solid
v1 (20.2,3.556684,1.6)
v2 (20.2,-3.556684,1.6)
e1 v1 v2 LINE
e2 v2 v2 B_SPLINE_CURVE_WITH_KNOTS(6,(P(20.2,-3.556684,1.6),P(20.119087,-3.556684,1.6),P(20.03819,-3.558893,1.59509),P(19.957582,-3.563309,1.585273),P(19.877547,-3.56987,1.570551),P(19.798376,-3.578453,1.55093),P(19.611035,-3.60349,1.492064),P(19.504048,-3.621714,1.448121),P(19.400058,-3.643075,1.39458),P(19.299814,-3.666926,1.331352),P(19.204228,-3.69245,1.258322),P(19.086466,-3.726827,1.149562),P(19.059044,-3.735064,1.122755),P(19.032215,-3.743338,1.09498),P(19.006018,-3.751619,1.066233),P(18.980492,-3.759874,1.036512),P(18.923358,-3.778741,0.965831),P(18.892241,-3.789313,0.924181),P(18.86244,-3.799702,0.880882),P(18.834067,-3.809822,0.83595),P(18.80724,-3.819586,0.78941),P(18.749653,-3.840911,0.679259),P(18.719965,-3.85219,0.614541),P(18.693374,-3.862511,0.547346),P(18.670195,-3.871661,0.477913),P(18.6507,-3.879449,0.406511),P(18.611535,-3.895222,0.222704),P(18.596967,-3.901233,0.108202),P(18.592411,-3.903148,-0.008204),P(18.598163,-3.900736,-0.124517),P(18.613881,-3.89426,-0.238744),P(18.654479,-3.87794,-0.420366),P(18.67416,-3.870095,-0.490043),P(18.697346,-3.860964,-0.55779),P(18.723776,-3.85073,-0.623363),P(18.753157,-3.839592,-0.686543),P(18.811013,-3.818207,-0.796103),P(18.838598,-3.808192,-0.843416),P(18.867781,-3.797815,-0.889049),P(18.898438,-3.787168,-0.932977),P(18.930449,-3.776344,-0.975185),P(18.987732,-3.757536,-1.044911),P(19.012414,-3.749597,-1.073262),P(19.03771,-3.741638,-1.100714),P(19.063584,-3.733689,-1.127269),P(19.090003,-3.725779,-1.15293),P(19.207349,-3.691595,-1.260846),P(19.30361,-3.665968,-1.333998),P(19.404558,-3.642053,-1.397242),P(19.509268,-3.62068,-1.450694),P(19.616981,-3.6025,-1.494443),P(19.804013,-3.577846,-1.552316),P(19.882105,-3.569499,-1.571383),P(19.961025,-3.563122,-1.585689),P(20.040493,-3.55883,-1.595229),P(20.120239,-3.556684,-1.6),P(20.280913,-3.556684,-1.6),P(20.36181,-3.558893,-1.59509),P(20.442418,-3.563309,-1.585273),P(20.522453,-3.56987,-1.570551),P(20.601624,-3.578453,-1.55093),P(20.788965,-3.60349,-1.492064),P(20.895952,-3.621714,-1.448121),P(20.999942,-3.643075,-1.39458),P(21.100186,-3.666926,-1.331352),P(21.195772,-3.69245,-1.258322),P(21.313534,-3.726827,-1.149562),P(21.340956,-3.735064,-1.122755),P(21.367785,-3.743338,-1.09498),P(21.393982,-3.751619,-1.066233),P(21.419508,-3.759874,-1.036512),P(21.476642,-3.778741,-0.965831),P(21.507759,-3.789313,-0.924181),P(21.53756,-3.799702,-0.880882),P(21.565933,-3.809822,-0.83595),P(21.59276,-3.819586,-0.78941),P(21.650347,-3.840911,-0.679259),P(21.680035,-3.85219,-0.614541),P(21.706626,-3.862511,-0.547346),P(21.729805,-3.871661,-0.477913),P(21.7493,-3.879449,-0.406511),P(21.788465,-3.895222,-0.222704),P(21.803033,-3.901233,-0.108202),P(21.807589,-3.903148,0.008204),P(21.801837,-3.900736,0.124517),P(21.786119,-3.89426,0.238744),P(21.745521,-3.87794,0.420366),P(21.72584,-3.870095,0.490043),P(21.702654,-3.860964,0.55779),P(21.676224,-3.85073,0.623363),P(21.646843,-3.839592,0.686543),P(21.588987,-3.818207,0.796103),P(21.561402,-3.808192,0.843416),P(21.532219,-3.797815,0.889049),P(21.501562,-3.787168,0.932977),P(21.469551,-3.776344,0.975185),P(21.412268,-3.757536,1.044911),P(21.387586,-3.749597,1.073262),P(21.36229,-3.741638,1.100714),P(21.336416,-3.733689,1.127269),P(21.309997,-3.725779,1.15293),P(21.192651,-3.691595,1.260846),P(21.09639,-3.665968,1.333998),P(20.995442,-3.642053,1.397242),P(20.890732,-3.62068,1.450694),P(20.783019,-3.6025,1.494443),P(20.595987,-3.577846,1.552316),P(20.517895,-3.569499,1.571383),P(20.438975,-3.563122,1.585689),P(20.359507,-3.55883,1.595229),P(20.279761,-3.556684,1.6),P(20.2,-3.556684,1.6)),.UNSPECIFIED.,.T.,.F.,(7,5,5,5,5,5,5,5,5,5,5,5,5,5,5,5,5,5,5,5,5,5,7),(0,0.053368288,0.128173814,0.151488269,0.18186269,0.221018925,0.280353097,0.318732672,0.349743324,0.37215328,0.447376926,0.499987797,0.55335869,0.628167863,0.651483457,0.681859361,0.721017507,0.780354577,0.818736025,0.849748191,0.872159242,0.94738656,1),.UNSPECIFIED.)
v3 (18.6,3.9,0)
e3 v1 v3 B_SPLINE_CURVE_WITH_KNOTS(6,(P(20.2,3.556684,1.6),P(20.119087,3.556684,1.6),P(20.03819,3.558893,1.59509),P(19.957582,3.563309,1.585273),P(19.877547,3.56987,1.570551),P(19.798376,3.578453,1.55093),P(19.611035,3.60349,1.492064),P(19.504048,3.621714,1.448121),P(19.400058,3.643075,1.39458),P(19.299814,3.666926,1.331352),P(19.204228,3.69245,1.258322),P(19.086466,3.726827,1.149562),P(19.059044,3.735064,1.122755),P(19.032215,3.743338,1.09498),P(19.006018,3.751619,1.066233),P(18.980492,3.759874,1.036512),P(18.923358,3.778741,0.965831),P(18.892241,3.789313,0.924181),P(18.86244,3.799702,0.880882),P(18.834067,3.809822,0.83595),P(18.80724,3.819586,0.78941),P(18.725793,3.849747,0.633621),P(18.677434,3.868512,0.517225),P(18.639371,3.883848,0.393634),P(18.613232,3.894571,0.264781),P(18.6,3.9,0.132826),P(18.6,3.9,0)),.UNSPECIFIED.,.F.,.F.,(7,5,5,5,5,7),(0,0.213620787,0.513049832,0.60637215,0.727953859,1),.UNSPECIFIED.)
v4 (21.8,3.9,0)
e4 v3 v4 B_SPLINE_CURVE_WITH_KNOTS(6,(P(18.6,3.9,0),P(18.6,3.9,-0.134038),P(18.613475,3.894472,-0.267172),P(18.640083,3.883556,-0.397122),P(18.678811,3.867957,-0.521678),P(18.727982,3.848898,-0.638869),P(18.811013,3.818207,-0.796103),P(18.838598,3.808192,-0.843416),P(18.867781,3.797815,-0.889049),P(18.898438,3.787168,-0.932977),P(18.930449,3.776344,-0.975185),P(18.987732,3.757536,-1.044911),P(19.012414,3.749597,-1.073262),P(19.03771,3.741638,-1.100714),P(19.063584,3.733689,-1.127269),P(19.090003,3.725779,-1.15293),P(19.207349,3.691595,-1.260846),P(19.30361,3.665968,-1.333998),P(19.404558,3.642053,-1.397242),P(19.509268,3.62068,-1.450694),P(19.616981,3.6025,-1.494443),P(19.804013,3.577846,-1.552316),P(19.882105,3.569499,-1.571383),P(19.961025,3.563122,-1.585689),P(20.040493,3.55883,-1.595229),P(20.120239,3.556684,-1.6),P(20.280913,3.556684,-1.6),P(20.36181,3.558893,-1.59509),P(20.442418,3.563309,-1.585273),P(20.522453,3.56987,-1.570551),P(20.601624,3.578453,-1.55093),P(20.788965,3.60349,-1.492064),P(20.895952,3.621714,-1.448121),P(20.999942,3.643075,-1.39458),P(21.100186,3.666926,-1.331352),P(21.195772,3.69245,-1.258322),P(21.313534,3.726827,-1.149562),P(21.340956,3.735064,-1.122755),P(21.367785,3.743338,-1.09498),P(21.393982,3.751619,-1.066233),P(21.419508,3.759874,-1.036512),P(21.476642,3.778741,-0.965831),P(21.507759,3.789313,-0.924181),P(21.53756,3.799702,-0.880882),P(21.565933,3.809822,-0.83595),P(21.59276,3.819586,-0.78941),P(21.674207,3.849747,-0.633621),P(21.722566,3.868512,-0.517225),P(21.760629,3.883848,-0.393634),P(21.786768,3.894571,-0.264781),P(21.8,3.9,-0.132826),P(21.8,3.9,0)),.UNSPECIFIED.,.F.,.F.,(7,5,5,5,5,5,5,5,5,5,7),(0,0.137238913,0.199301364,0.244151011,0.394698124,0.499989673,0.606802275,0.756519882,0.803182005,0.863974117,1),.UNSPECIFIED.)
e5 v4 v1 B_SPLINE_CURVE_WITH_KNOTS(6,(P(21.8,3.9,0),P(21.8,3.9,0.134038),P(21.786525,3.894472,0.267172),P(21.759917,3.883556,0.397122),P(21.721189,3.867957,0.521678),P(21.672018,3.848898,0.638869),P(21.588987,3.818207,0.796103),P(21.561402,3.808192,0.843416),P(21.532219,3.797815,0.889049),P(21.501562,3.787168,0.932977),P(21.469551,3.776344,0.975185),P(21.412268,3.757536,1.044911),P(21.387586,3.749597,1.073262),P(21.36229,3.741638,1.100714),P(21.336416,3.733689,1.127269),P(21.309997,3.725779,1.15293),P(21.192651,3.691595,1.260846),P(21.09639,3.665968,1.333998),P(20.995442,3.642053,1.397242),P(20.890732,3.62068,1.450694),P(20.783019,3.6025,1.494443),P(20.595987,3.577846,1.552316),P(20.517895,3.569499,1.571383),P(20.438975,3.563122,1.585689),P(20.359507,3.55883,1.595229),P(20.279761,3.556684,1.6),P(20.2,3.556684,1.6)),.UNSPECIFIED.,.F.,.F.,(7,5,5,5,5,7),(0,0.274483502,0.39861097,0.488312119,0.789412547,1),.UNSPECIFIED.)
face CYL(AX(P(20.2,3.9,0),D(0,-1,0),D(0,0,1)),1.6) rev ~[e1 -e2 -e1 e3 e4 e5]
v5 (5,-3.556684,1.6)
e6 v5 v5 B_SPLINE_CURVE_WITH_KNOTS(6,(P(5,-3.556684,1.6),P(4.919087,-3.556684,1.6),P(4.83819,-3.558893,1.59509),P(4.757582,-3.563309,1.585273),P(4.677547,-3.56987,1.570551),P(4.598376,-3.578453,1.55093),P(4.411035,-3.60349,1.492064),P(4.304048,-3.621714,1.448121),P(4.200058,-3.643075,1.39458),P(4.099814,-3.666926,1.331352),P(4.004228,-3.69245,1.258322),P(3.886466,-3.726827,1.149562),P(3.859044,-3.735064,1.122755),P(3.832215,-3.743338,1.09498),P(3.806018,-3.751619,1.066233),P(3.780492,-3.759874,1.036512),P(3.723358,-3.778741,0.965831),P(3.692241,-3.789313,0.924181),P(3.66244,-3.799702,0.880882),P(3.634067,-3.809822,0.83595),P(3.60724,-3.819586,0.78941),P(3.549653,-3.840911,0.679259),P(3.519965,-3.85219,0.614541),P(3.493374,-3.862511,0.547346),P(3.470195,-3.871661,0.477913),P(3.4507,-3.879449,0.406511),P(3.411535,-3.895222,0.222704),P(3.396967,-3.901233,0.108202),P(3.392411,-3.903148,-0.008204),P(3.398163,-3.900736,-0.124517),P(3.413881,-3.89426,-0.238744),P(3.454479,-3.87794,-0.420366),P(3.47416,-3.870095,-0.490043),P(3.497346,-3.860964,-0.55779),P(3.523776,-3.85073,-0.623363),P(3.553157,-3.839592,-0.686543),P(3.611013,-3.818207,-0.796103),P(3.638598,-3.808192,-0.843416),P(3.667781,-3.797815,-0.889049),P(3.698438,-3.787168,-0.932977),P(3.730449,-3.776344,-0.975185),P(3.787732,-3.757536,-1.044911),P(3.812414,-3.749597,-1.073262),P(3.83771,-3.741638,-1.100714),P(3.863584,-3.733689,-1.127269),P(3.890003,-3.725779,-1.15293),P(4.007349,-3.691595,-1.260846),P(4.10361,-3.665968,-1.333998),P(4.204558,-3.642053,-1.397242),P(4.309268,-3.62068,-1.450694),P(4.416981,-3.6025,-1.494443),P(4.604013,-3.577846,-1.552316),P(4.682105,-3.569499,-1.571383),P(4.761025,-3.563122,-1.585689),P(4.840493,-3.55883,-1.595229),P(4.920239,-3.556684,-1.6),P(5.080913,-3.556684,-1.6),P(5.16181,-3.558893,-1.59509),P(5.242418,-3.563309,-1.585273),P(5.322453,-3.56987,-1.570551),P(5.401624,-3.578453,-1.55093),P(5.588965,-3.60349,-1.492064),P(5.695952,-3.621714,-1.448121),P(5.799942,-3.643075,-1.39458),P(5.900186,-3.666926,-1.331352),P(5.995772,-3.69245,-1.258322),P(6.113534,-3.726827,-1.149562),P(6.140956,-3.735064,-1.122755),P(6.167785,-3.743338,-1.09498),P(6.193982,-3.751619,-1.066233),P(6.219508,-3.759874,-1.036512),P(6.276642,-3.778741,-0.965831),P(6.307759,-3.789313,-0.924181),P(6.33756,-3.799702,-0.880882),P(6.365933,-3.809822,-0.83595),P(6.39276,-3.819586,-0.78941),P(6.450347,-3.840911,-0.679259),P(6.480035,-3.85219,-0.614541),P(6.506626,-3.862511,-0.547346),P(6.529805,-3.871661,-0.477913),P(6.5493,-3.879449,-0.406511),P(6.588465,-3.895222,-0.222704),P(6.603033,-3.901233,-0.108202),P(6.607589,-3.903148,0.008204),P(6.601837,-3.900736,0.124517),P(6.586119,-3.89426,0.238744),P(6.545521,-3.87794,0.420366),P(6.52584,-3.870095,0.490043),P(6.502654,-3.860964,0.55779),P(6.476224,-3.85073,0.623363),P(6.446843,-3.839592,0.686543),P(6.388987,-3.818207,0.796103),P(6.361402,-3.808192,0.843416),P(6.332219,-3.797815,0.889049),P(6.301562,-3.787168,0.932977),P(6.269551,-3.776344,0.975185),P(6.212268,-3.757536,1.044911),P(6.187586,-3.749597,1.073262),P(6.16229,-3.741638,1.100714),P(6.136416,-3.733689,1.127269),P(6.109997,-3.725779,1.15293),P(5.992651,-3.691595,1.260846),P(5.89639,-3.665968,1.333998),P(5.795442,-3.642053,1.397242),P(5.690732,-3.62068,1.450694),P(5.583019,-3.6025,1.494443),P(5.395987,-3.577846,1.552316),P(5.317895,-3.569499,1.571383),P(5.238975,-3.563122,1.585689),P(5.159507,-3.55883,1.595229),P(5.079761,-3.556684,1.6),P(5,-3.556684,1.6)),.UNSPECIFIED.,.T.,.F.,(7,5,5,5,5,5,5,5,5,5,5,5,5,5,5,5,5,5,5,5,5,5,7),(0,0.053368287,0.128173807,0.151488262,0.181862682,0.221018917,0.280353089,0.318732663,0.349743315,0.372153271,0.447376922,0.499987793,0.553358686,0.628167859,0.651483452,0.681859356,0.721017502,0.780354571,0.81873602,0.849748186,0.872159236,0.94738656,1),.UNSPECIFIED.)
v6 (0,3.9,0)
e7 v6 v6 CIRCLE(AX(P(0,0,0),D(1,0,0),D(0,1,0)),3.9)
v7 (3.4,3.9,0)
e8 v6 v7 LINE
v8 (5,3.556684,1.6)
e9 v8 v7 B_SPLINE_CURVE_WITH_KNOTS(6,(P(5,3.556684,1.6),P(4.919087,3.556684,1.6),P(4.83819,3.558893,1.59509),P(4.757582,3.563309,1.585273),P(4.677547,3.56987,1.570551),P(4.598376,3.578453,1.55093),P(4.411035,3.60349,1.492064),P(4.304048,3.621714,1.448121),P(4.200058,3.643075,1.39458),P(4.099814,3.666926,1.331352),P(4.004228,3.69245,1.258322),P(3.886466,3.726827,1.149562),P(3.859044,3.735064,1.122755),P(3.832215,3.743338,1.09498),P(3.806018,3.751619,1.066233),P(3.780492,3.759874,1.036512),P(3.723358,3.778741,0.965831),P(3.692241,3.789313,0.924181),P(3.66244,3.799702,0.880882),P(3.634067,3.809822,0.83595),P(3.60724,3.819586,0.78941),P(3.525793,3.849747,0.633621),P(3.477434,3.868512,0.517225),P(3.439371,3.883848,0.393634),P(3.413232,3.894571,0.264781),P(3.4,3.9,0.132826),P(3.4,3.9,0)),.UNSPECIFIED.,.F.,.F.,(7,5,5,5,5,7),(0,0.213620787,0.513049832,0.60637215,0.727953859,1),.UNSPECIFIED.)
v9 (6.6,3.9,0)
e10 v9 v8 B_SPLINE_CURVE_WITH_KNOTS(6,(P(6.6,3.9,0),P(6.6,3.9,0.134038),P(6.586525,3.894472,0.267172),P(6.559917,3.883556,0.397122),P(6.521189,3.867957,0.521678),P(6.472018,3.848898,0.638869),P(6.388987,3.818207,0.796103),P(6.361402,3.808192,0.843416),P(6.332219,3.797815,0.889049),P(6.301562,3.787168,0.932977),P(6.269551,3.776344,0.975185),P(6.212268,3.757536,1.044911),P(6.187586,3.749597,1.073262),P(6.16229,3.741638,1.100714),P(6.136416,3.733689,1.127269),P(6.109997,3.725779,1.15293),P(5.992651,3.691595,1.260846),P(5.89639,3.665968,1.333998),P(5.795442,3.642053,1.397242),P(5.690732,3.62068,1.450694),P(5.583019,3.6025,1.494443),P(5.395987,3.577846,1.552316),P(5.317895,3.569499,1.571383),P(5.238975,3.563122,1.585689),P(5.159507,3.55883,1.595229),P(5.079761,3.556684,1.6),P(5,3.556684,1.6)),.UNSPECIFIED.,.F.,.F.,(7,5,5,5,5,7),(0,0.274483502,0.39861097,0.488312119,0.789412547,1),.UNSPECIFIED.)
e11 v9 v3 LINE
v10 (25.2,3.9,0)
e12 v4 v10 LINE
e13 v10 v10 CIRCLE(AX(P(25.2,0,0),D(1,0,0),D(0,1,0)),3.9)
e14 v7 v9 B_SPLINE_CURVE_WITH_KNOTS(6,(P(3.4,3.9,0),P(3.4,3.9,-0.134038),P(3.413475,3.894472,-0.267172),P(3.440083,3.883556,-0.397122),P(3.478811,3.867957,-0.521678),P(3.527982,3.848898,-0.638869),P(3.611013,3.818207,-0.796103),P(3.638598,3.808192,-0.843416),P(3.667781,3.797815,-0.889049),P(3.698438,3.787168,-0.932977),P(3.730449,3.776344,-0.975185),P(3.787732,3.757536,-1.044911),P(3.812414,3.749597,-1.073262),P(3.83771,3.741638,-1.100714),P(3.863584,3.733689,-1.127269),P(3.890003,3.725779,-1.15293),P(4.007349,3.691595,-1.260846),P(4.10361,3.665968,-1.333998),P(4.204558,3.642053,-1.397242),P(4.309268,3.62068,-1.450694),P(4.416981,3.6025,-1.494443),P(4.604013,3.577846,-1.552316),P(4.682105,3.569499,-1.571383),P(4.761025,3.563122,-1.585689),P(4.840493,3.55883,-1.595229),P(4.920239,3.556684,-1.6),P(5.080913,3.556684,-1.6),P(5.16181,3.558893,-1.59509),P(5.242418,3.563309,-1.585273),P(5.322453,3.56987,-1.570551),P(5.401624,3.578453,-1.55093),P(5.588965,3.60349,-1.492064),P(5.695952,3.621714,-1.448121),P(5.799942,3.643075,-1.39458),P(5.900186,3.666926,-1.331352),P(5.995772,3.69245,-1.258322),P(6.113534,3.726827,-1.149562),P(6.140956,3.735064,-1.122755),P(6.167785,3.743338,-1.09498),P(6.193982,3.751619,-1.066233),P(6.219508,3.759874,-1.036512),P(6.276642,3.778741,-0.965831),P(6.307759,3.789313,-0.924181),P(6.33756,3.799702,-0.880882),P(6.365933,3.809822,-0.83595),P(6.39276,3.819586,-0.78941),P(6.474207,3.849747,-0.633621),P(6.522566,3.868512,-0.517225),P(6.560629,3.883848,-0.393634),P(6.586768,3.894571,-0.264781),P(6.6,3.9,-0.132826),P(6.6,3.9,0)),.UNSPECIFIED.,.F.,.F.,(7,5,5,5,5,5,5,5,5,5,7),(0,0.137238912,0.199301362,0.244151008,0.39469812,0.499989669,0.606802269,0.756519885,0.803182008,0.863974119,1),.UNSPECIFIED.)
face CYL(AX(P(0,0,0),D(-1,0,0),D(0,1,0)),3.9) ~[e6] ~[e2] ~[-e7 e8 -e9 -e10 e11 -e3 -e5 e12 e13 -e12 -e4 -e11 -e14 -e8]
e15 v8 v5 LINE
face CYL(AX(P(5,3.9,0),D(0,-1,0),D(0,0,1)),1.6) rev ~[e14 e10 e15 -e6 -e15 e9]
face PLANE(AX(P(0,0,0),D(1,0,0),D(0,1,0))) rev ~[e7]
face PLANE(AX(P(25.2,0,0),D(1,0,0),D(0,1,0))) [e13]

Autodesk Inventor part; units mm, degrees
sketch "スケッチ1" plane through (0, 0, 0) normal (1, 0, 0) x (0, 1, 0)
  circle A0 centre (0, 0) radius 3.9
  dimension "d0" = 7.8
extrude "押し出し1" add sketch "スケッチ1" along normal blind 25.2
ref_plane "作業平面1" through (0, 3.9, 0) normal (0, 1, 0) x (-1, 0, 0)
sketch "スケッチ2" plane through (0, 3.9, 0) normal (0, 1, 0) x (-1, 0, 0)
  line L0 (0, 3.9) -> (0, -3.9) projected
  line L1 (-25.2, 3.9) -> (-25.2, -3.9) projected
  point P0 (0, 0)
  point P1 (-5, 0)
  point P2 (-20.2, 0)
  dimension "d3" = 5
  dimension "d4" = 5
hole "穴1" at (5, 3.9, 0) at (20.2, 3.9, 0) direction (0, -1, 0) diameter 3.2 end through all
ref_plane "作業平面2" through (0, 0, 3.9) normal (0, 0, 1) x (1, 0, 0)
properties material "アルミニウム 6061"
